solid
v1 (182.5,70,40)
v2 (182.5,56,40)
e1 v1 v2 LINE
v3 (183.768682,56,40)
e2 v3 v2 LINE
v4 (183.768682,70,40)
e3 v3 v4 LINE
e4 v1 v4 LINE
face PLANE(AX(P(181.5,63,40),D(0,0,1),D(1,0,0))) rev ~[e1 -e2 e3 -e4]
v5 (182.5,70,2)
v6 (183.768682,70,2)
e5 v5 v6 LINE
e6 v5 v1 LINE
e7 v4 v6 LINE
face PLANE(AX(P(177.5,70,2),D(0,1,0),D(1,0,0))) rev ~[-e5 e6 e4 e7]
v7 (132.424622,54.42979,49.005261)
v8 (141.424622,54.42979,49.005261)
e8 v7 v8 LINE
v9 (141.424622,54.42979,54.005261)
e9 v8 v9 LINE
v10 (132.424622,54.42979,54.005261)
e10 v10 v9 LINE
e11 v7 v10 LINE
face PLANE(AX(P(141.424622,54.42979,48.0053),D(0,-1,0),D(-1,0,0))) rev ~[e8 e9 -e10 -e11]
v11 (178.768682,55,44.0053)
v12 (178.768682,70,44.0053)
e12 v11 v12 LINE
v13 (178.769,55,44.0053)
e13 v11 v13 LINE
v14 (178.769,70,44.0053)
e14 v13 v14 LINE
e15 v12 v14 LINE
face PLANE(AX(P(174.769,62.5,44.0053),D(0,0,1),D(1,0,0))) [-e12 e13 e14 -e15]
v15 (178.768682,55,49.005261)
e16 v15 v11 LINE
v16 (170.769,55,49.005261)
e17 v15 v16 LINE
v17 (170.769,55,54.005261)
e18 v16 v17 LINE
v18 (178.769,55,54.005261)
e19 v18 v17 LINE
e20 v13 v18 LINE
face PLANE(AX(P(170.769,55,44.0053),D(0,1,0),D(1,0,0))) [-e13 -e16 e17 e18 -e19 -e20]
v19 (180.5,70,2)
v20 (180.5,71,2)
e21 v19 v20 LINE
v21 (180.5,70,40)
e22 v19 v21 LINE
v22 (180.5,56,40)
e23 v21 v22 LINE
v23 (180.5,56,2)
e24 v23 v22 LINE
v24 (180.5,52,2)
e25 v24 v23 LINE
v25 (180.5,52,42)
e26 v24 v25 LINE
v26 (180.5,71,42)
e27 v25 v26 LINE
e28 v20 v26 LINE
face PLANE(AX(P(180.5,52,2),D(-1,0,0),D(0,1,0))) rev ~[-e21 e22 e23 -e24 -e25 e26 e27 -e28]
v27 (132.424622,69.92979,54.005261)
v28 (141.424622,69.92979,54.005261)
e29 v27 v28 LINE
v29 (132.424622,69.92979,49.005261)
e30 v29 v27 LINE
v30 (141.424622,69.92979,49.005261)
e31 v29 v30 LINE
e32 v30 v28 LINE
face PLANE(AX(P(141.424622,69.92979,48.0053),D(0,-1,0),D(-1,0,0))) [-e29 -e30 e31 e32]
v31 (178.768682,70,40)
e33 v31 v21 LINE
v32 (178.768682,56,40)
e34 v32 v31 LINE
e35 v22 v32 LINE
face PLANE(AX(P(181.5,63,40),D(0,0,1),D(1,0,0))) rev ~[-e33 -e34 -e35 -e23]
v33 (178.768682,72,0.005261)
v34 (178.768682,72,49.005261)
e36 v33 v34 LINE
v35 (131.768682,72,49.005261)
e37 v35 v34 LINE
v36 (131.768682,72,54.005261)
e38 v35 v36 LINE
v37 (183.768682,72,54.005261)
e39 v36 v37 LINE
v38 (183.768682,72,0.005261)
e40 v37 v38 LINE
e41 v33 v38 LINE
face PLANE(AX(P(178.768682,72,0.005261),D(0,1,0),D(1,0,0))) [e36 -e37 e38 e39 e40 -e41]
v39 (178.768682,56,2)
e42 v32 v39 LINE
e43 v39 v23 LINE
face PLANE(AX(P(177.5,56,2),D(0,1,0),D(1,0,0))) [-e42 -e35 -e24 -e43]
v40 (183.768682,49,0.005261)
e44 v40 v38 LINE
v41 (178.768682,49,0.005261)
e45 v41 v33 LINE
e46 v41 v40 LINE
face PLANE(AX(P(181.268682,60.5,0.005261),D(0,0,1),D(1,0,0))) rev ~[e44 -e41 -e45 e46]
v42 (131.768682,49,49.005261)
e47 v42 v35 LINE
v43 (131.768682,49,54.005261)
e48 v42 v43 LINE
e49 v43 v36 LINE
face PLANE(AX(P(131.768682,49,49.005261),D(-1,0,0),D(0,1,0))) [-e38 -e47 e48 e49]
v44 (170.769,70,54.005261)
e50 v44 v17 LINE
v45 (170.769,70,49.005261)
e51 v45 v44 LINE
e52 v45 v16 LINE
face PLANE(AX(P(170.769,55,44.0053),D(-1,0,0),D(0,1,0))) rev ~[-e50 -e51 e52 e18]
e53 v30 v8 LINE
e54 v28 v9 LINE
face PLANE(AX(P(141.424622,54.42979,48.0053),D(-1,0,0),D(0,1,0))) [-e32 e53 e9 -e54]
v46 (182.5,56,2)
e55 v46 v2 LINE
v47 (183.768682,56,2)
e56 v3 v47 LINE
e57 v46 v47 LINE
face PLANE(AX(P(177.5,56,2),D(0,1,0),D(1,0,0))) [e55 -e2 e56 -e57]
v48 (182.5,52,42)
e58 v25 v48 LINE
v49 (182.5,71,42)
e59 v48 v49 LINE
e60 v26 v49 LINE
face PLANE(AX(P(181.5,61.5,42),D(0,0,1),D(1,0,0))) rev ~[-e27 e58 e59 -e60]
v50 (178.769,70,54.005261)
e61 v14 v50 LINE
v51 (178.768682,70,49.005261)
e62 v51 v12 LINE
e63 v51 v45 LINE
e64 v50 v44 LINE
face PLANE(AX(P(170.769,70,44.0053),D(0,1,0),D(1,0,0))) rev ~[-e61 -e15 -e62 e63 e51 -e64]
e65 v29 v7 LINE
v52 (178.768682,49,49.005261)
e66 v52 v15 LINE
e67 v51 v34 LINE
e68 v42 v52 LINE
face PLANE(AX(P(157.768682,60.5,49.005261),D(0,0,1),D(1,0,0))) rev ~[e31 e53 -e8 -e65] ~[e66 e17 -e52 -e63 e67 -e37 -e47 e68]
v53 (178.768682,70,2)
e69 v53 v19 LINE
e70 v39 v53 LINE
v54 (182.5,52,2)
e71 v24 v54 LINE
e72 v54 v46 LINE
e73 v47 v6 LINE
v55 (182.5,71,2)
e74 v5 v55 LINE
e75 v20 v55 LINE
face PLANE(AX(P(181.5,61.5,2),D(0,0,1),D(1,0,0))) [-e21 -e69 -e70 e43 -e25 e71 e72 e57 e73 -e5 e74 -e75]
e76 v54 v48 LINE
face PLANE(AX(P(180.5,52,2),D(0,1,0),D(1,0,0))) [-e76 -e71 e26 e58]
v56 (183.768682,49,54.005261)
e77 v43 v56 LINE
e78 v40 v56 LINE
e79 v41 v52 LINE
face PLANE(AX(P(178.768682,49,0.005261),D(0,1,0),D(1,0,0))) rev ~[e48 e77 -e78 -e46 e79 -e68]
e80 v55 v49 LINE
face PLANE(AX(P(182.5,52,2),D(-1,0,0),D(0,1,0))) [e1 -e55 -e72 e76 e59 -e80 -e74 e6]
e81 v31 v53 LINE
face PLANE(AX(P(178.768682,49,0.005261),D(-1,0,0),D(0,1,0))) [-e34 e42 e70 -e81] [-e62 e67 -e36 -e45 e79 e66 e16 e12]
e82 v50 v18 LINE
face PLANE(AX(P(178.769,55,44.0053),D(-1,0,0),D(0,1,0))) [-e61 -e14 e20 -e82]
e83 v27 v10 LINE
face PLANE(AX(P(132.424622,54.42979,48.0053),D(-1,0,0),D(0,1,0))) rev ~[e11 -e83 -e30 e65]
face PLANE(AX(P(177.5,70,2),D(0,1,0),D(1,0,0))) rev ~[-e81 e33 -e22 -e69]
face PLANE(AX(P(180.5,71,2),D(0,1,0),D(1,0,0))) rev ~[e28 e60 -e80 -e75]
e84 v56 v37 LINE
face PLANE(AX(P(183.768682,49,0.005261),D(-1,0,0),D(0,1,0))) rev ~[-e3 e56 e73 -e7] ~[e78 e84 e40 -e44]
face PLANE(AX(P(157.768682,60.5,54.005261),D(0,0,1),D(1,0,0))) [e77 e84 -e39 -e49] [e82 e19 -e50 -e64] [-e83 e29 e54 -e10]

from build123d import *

# Parameters (mm, degrees)
SKETCH040_W                = 15.5
SKETCH040_H                = 9
EXTRUDE038_DEPTH           = 6
EXTRUDE038_PLACEMENT_ANGLE = 90
BOX069_W                   = 8
BOX069_H                   = 15
BOX069_DEPTH               = 15
BOX063_W                   = 2
BOX063_H                   = 14
BOX063_DEPTH               = 37
BOX048_W                   = 2
BOX048_H                   = 19
BOX048_DEPTH               = 40
BOX064_W                   = 8
BOX064_H                   = 14
BOX064_DEPTH               = 38
BOX047_W                   = 5
BOX047_H                   = 23
BOX047_DEPTH               = 49
BOX046_W                   = 52
BOX046_H                   = 23
BOX046_DEPTH               = 5


with BuildPart() as tab001:
    # Sketch040 → Extrude038 (new body)
    with BuildSketch(Plane.XY):
        with Locations((3.19859, 5.867378)):
            Rectangle(SKETCH040_W, SKETCH040_H)
    extrude(amount=EXTRUDE038_DEPTH)


with BuildPart() as tab001_1:
    # Extrude038 placement: moved
    add(tab001.part.moved(Location((142.792, 58.9812, 48.0053))).rotate(Axis((142.792, 58.9812, 48.0053), (0, 0, 1)), EXTRUDE038_PLACEMENT_ANGLE))


with BuildPart() as cables_cut_encoder_piece:
    # Box069 → Box069 (new body)
    with BuildSketch(Plane(origin=(170.769, 55, 44.0053), x_dir=(1, 0, 0), z_dir=(0, 0, 1))):
        with Locations((4, 7.5)):
            Rectangle(BOX069_W, BOX069_H)
    extrude(amount=BOX069_DEPTH)


with BuildPart() as cube016:
    # Box063 → Box063 (new body)
    with BuildSketch(Plane(origin=(201.5, 41, 3), x_dir=(1, 0, 0), z_dir=(0, 0, 1))):
        with Locations((1, 7)):
            Rectangle(BOX063_W, BOX063_H)
    extrude(amount=BOX063_DEPTH)


with BuildPart() as cube010:
    # Box048 → Box048 (new body)
    with BuildSketch(Plane(origin=(203.5, 37, 2), x_dir=(1, 0, 0), z_dir=(0, 0, 1))):
        with Locations((1, 9.5)):
            Rectangle(BOX048_W, BOX048_H)
    extrude(amount=BOX048_DEPTH)


with BuildPart() as encoder_support_slider:
    # Box064 → Box064 (new body)
    with BuildSketch(Plane(origin=(200.5, 41, 2), x_dir=(1, 0, 0), z_dir=(0, 0, 1))):
        with Locations((4, 7)):
            Rectangle(BOX064_W, BOX064_H)
    extrude(amount=BOX064_DEPTH)

    # Fusion125: union Cube016, Cube010
    add(cube016.part)
    add(cube010.part)


with BuildPart() as cube009:
    # Box047 → Box047 (new body)
    with BuildSketch(Plane(origin=(201.768682, 38, 0.005261), x_dir=(1, 0, 0), z_dir=(0, 0, 1))):
        with Locations((2.5, 11.5)):
            Rectangle(BOX047_W, BOX047_H)
    extrude(amount=BOX047_DEPTH)


with BuildPart() as encoder_support_with_tab:
    # Box046 → Box046 (new body)
    with BuildSketch(Plane(origin=(154.768682, 38, 49.005261), x_dir=(1, 0, 0), z_dir=(0, 0, 1))):
        with Locations((26, 11.5)):
            Rectangle(BOX046_W, BOX046_H)
    extrude(amount=BOX046_DEPTH)

    # Fusion094: union Cube009
    add(cube009.part)


with BuildPart() as encoder_support_with_tab_1:
    # Fusion094 placement: moved
    add(encoder_support_with_tab.part.moved(Location((0, -4, 0))))

    # Cut073: cut Encoder support slider
    add(encoder_support_slider.part, mode=Mode.SUBTRACT)


with BuildPart() as encoder_support_with_tab_2:
    # Cut073 placement: moved
    add(encoder_support_with_tab_1.part.moved(Location((-23, 15, 0))))

    # Cut076: cut Cables cut encoder piece
    add(cables_cut_encoder_piece.part, mode=Mode.SUBTRACT)

    # Cut077: cut Tab001
    add(tab001_1.part, mode=Mode.SUBTRACT)


solid = encoder_support_with_tab_2.part
